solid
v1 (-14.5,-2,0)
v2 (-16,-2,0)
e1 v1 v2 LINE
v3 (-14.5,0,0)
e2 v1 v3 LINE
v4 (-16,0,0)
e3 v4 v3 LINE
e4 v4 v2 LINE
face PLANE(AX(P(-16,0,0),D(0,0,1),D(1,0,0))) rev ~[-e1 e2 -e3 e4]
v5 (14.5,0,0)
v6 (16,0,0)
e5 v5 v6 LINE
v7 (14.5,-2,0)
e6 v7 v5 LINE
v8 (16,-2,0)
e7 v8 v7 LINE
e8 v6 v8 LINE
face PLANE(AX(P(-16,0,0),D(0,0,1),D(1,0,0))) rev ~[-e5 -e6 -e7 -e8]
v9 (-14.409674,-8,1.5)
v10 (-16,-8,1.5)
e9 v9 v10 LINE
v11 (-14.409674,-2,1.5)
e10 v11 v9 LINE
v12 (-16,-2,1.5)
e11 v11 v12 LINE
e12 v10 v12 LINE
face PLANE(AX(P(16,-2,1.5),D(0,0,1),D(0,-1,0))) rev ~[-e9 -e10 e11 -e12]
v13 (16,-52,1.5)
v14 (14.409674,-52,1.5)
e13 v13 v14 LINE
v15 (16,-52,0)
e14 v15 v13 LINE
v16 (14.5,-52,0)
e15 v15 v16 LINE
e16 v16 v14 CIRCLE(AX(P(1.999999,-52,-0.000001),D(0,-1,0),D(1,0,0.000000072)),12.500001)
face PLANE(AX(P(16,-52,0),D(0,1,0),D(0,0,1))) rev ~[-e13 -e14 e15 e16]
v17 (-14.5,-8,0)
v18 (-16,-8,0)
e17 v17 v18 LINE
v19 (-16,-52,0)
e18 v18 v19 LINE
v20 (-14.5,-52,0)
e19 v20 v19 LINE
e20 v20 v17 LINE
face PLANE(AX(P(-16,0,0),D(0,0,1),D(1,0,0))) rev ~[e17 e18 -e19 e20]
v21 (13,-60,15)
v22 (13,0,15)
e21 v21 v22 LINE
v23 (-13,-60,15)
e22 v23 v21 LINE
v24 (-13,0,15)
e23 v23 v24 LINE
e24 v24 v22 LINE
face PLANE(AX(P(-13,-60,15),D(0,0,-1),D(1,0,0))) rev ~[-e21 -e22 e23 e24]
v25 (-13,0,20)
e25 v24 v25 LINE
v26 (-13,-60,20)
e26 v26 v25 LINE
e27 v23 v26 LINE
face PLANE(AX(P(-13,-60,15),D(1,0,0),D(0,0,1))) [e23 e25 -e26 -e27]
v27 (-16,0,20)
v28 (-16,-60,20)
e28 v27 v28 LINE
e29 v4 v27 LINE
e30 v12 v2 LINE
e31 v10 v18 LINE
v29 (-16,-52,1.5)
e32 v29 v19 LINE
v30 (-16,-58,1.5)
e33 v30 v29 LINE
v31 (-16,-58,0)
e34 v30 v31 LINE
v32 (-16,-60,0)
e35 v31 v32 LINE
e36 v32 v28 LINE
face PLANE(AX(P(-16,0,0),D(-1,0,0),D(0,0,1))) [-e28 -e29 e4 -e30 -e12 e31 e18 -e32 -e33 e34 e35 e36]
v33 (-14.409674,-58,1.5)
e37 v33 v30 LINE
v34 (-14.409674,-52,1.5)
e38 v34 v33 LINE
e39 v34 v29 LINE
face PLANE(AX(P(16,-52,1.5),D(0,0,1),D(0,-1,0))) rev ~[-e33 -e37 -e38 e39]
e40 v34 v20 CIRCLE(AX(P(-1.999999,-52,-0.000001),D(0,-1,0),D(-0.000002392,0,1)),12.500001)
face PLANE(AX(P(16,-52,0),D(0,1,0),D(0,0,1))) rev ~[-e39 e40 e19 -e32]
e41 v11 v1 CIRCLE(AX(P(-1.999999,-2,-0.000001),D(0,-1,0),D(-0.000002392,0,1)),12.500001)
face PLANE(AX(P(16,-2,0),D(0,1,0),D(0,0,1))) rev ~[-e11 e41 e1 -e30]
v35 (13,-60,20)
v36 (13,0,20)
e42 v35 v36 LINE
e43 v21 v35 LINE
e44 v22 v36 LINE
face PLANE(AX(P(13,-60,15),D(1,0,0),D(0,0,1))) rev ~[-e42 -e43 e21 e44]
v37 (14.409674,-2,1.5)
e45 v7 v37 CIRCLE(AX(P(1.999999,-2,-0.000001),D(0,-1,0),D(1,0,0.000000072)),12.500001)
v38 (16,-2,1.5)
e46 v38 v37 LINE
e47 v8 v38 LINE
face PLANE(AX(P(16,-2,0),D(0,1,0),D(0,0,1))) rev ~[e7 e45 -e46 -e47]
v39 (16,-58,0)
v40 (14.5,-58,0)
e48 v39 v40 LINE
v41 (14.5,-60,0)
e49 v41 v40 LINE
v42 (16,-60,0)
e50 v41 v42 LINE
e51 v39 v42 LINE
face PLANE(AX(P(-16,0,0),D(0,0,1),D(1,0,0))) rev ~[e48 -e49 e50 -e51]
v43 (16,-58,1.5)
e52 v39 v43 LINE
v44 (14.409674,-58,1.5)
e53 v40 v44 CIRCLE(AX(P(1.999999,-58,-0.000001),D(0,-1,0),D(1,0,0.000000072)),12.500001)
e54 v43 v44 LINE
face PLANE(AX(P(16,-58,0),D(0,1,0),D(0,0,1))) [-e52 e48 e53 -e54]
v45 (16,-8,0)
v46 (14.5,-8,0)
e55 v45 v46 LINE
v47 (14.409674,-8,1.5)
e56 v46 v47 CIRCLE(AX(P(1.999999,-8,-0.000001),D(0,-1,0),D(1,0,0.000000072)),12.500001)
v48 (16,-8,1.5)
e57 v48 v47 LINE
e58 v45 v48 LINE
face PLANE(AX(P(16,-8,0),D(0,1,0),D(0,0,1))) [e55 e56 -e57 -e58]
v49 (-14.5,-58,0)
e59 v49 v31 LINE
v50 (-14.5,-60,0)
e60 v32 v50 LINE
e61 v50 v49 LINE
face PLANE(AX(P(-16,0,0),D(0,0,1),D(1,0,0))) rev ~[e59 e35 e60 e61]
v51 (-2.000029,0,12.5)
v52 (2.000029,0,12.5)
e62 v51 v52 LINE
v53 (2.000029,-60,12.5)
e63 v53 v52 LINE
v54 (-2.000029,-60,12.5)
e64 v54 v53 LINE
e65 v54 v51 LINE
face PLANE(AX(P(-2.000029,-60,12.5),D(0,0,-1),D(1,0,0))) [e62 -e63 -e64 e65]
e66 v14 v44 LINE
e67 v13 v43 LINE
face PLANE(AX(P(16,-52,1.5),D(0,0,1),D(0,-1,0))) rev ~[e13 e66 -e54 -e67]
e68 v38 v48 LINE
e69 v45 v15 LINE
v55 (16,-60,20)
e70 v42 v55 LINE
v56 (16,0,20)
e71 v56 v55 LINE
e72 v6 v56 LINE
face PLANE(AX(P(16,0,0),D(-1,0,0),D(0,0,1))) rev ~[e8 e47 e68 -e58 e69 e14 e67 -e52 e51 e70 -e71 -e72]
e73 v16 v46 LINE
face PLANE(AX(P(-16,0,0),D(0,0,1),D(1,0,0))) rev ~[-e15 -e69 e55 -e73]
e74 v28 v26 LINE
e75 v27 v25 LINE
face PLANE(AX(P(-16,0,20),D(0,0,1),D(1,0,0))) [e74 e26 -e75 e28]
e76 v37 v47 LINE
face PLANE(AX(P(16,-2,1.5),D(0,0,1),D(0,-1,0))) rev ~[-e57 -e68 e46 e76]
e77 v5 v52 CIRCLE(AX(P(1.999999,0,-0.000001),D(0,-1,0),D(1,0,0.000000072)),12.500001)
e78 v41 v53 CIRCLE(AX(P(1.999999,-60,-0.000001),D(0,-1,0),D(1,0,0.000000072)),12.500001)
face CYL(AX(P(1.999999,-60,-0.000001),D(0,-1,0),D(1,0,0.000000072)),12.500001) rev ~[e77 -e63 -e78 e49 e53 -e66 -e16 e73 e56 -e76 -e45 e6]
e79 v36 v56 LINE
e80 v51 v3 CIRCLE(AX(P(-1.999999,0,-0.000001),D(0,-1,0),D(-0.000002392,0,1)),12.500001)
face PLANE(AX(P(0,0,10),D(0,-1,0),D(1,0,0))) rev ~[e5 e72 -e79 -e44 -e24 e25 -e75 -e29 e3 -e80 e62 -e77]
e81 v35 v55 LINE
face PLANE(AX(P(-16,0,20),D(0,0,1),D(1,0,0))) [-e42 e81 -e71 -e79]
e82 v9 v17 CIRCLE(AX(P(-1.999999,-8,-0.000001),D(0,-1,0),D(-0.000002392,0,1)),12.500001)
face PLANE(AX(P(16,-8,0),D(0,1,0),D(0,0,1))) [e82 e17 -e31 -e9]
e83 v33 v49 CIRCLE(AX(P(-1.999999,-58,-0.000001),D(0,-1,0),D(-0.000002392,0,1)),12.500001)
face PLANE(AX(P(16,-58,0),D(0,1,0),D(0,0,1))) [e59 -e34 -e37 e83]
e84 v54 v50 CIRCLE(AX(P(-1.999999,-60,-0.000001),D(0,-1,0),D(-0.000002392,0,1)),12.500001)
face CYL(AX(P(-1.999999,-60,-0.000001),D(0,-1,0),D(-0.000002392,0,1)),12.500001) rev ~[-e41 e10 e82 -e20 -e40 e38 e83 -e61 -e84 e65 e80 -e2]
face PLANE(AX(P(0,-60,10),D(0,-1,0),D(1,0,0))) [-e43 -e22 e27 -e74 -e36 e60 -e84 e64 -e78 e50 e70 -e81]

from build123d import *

# Parameters (mm, degrees)
SKETCH_W        = 32
SKETCH_H        = 20
PAD_DEPTH       = 60
SKETCH001_W     = 26
SKETCH001_H     = 5
POCKET_DEPTH    = 60.001
POCKET001_DEPTH = 60.001
SKETCH003_W     = 1.5
SKETCH003_H     = 6
POCKET002_DEPTH = 32.001


with BuildPart() as part:
    # Sketch → Pad (new body)
    with BuildSketch(Plane.XZ):
        with Locations((0, 10)):
            Rectangle(SKETCH_W, SKETCH_H)
    extrude(amount=PAD_DEPTH)

    # Sketch001 (on Face6 of Pad) → Pocket (cut, through all)
    with BuildSketch(Plane.XZ.offset(60)):
        with Locations((0, 17.5)):
            Rectangle(SKETCH001_W, SKETCH001_H)
    extrude(amount=-POCKET_DEPTH, mode=Mode.SUBTRACT)

    # Sketch002 (on Face5 of Pocket) → Pocket001 (cut, through all)
    with BuildSketch(Plane.XZ.offset(60)):
        with BuildLine():
            ThreePointArc((-2.000029, 12.5), (-10.838845, 8.838824), (-14.5, 0))
            Line((-14.5, 0), (14.5, 0))
            ThreePointArc((14.5, 0), (10.838845, 8.838824), (2.000029, 12.5))
            Line((-2.000029, 12.5), (2.000029, 12.5))
        make_face()
    extrude(amount=-POCKET001_DEPTH, mode=Mode.SUBTRACT)

    # Sketch003 (on Face9 of Pocket001) → Pocket002 (cut, through all)
    with BuildSketch(Plane(origin=(16, 0, 0), x_dir=(0, 0, 1), z_dir=(1, 0, 0))):
        with Locations((0.75, 55)):
            Rectangle(SKETCH003_W, SKETCH003_H)
        with Locations((0.75, 5)):
            Rectangle(SKETCH003_W, SKETCH003_H)
    extrude(amount=-POCKET002_DEPTH, mode=Mode.SUBTRACT)


solid = part.part
